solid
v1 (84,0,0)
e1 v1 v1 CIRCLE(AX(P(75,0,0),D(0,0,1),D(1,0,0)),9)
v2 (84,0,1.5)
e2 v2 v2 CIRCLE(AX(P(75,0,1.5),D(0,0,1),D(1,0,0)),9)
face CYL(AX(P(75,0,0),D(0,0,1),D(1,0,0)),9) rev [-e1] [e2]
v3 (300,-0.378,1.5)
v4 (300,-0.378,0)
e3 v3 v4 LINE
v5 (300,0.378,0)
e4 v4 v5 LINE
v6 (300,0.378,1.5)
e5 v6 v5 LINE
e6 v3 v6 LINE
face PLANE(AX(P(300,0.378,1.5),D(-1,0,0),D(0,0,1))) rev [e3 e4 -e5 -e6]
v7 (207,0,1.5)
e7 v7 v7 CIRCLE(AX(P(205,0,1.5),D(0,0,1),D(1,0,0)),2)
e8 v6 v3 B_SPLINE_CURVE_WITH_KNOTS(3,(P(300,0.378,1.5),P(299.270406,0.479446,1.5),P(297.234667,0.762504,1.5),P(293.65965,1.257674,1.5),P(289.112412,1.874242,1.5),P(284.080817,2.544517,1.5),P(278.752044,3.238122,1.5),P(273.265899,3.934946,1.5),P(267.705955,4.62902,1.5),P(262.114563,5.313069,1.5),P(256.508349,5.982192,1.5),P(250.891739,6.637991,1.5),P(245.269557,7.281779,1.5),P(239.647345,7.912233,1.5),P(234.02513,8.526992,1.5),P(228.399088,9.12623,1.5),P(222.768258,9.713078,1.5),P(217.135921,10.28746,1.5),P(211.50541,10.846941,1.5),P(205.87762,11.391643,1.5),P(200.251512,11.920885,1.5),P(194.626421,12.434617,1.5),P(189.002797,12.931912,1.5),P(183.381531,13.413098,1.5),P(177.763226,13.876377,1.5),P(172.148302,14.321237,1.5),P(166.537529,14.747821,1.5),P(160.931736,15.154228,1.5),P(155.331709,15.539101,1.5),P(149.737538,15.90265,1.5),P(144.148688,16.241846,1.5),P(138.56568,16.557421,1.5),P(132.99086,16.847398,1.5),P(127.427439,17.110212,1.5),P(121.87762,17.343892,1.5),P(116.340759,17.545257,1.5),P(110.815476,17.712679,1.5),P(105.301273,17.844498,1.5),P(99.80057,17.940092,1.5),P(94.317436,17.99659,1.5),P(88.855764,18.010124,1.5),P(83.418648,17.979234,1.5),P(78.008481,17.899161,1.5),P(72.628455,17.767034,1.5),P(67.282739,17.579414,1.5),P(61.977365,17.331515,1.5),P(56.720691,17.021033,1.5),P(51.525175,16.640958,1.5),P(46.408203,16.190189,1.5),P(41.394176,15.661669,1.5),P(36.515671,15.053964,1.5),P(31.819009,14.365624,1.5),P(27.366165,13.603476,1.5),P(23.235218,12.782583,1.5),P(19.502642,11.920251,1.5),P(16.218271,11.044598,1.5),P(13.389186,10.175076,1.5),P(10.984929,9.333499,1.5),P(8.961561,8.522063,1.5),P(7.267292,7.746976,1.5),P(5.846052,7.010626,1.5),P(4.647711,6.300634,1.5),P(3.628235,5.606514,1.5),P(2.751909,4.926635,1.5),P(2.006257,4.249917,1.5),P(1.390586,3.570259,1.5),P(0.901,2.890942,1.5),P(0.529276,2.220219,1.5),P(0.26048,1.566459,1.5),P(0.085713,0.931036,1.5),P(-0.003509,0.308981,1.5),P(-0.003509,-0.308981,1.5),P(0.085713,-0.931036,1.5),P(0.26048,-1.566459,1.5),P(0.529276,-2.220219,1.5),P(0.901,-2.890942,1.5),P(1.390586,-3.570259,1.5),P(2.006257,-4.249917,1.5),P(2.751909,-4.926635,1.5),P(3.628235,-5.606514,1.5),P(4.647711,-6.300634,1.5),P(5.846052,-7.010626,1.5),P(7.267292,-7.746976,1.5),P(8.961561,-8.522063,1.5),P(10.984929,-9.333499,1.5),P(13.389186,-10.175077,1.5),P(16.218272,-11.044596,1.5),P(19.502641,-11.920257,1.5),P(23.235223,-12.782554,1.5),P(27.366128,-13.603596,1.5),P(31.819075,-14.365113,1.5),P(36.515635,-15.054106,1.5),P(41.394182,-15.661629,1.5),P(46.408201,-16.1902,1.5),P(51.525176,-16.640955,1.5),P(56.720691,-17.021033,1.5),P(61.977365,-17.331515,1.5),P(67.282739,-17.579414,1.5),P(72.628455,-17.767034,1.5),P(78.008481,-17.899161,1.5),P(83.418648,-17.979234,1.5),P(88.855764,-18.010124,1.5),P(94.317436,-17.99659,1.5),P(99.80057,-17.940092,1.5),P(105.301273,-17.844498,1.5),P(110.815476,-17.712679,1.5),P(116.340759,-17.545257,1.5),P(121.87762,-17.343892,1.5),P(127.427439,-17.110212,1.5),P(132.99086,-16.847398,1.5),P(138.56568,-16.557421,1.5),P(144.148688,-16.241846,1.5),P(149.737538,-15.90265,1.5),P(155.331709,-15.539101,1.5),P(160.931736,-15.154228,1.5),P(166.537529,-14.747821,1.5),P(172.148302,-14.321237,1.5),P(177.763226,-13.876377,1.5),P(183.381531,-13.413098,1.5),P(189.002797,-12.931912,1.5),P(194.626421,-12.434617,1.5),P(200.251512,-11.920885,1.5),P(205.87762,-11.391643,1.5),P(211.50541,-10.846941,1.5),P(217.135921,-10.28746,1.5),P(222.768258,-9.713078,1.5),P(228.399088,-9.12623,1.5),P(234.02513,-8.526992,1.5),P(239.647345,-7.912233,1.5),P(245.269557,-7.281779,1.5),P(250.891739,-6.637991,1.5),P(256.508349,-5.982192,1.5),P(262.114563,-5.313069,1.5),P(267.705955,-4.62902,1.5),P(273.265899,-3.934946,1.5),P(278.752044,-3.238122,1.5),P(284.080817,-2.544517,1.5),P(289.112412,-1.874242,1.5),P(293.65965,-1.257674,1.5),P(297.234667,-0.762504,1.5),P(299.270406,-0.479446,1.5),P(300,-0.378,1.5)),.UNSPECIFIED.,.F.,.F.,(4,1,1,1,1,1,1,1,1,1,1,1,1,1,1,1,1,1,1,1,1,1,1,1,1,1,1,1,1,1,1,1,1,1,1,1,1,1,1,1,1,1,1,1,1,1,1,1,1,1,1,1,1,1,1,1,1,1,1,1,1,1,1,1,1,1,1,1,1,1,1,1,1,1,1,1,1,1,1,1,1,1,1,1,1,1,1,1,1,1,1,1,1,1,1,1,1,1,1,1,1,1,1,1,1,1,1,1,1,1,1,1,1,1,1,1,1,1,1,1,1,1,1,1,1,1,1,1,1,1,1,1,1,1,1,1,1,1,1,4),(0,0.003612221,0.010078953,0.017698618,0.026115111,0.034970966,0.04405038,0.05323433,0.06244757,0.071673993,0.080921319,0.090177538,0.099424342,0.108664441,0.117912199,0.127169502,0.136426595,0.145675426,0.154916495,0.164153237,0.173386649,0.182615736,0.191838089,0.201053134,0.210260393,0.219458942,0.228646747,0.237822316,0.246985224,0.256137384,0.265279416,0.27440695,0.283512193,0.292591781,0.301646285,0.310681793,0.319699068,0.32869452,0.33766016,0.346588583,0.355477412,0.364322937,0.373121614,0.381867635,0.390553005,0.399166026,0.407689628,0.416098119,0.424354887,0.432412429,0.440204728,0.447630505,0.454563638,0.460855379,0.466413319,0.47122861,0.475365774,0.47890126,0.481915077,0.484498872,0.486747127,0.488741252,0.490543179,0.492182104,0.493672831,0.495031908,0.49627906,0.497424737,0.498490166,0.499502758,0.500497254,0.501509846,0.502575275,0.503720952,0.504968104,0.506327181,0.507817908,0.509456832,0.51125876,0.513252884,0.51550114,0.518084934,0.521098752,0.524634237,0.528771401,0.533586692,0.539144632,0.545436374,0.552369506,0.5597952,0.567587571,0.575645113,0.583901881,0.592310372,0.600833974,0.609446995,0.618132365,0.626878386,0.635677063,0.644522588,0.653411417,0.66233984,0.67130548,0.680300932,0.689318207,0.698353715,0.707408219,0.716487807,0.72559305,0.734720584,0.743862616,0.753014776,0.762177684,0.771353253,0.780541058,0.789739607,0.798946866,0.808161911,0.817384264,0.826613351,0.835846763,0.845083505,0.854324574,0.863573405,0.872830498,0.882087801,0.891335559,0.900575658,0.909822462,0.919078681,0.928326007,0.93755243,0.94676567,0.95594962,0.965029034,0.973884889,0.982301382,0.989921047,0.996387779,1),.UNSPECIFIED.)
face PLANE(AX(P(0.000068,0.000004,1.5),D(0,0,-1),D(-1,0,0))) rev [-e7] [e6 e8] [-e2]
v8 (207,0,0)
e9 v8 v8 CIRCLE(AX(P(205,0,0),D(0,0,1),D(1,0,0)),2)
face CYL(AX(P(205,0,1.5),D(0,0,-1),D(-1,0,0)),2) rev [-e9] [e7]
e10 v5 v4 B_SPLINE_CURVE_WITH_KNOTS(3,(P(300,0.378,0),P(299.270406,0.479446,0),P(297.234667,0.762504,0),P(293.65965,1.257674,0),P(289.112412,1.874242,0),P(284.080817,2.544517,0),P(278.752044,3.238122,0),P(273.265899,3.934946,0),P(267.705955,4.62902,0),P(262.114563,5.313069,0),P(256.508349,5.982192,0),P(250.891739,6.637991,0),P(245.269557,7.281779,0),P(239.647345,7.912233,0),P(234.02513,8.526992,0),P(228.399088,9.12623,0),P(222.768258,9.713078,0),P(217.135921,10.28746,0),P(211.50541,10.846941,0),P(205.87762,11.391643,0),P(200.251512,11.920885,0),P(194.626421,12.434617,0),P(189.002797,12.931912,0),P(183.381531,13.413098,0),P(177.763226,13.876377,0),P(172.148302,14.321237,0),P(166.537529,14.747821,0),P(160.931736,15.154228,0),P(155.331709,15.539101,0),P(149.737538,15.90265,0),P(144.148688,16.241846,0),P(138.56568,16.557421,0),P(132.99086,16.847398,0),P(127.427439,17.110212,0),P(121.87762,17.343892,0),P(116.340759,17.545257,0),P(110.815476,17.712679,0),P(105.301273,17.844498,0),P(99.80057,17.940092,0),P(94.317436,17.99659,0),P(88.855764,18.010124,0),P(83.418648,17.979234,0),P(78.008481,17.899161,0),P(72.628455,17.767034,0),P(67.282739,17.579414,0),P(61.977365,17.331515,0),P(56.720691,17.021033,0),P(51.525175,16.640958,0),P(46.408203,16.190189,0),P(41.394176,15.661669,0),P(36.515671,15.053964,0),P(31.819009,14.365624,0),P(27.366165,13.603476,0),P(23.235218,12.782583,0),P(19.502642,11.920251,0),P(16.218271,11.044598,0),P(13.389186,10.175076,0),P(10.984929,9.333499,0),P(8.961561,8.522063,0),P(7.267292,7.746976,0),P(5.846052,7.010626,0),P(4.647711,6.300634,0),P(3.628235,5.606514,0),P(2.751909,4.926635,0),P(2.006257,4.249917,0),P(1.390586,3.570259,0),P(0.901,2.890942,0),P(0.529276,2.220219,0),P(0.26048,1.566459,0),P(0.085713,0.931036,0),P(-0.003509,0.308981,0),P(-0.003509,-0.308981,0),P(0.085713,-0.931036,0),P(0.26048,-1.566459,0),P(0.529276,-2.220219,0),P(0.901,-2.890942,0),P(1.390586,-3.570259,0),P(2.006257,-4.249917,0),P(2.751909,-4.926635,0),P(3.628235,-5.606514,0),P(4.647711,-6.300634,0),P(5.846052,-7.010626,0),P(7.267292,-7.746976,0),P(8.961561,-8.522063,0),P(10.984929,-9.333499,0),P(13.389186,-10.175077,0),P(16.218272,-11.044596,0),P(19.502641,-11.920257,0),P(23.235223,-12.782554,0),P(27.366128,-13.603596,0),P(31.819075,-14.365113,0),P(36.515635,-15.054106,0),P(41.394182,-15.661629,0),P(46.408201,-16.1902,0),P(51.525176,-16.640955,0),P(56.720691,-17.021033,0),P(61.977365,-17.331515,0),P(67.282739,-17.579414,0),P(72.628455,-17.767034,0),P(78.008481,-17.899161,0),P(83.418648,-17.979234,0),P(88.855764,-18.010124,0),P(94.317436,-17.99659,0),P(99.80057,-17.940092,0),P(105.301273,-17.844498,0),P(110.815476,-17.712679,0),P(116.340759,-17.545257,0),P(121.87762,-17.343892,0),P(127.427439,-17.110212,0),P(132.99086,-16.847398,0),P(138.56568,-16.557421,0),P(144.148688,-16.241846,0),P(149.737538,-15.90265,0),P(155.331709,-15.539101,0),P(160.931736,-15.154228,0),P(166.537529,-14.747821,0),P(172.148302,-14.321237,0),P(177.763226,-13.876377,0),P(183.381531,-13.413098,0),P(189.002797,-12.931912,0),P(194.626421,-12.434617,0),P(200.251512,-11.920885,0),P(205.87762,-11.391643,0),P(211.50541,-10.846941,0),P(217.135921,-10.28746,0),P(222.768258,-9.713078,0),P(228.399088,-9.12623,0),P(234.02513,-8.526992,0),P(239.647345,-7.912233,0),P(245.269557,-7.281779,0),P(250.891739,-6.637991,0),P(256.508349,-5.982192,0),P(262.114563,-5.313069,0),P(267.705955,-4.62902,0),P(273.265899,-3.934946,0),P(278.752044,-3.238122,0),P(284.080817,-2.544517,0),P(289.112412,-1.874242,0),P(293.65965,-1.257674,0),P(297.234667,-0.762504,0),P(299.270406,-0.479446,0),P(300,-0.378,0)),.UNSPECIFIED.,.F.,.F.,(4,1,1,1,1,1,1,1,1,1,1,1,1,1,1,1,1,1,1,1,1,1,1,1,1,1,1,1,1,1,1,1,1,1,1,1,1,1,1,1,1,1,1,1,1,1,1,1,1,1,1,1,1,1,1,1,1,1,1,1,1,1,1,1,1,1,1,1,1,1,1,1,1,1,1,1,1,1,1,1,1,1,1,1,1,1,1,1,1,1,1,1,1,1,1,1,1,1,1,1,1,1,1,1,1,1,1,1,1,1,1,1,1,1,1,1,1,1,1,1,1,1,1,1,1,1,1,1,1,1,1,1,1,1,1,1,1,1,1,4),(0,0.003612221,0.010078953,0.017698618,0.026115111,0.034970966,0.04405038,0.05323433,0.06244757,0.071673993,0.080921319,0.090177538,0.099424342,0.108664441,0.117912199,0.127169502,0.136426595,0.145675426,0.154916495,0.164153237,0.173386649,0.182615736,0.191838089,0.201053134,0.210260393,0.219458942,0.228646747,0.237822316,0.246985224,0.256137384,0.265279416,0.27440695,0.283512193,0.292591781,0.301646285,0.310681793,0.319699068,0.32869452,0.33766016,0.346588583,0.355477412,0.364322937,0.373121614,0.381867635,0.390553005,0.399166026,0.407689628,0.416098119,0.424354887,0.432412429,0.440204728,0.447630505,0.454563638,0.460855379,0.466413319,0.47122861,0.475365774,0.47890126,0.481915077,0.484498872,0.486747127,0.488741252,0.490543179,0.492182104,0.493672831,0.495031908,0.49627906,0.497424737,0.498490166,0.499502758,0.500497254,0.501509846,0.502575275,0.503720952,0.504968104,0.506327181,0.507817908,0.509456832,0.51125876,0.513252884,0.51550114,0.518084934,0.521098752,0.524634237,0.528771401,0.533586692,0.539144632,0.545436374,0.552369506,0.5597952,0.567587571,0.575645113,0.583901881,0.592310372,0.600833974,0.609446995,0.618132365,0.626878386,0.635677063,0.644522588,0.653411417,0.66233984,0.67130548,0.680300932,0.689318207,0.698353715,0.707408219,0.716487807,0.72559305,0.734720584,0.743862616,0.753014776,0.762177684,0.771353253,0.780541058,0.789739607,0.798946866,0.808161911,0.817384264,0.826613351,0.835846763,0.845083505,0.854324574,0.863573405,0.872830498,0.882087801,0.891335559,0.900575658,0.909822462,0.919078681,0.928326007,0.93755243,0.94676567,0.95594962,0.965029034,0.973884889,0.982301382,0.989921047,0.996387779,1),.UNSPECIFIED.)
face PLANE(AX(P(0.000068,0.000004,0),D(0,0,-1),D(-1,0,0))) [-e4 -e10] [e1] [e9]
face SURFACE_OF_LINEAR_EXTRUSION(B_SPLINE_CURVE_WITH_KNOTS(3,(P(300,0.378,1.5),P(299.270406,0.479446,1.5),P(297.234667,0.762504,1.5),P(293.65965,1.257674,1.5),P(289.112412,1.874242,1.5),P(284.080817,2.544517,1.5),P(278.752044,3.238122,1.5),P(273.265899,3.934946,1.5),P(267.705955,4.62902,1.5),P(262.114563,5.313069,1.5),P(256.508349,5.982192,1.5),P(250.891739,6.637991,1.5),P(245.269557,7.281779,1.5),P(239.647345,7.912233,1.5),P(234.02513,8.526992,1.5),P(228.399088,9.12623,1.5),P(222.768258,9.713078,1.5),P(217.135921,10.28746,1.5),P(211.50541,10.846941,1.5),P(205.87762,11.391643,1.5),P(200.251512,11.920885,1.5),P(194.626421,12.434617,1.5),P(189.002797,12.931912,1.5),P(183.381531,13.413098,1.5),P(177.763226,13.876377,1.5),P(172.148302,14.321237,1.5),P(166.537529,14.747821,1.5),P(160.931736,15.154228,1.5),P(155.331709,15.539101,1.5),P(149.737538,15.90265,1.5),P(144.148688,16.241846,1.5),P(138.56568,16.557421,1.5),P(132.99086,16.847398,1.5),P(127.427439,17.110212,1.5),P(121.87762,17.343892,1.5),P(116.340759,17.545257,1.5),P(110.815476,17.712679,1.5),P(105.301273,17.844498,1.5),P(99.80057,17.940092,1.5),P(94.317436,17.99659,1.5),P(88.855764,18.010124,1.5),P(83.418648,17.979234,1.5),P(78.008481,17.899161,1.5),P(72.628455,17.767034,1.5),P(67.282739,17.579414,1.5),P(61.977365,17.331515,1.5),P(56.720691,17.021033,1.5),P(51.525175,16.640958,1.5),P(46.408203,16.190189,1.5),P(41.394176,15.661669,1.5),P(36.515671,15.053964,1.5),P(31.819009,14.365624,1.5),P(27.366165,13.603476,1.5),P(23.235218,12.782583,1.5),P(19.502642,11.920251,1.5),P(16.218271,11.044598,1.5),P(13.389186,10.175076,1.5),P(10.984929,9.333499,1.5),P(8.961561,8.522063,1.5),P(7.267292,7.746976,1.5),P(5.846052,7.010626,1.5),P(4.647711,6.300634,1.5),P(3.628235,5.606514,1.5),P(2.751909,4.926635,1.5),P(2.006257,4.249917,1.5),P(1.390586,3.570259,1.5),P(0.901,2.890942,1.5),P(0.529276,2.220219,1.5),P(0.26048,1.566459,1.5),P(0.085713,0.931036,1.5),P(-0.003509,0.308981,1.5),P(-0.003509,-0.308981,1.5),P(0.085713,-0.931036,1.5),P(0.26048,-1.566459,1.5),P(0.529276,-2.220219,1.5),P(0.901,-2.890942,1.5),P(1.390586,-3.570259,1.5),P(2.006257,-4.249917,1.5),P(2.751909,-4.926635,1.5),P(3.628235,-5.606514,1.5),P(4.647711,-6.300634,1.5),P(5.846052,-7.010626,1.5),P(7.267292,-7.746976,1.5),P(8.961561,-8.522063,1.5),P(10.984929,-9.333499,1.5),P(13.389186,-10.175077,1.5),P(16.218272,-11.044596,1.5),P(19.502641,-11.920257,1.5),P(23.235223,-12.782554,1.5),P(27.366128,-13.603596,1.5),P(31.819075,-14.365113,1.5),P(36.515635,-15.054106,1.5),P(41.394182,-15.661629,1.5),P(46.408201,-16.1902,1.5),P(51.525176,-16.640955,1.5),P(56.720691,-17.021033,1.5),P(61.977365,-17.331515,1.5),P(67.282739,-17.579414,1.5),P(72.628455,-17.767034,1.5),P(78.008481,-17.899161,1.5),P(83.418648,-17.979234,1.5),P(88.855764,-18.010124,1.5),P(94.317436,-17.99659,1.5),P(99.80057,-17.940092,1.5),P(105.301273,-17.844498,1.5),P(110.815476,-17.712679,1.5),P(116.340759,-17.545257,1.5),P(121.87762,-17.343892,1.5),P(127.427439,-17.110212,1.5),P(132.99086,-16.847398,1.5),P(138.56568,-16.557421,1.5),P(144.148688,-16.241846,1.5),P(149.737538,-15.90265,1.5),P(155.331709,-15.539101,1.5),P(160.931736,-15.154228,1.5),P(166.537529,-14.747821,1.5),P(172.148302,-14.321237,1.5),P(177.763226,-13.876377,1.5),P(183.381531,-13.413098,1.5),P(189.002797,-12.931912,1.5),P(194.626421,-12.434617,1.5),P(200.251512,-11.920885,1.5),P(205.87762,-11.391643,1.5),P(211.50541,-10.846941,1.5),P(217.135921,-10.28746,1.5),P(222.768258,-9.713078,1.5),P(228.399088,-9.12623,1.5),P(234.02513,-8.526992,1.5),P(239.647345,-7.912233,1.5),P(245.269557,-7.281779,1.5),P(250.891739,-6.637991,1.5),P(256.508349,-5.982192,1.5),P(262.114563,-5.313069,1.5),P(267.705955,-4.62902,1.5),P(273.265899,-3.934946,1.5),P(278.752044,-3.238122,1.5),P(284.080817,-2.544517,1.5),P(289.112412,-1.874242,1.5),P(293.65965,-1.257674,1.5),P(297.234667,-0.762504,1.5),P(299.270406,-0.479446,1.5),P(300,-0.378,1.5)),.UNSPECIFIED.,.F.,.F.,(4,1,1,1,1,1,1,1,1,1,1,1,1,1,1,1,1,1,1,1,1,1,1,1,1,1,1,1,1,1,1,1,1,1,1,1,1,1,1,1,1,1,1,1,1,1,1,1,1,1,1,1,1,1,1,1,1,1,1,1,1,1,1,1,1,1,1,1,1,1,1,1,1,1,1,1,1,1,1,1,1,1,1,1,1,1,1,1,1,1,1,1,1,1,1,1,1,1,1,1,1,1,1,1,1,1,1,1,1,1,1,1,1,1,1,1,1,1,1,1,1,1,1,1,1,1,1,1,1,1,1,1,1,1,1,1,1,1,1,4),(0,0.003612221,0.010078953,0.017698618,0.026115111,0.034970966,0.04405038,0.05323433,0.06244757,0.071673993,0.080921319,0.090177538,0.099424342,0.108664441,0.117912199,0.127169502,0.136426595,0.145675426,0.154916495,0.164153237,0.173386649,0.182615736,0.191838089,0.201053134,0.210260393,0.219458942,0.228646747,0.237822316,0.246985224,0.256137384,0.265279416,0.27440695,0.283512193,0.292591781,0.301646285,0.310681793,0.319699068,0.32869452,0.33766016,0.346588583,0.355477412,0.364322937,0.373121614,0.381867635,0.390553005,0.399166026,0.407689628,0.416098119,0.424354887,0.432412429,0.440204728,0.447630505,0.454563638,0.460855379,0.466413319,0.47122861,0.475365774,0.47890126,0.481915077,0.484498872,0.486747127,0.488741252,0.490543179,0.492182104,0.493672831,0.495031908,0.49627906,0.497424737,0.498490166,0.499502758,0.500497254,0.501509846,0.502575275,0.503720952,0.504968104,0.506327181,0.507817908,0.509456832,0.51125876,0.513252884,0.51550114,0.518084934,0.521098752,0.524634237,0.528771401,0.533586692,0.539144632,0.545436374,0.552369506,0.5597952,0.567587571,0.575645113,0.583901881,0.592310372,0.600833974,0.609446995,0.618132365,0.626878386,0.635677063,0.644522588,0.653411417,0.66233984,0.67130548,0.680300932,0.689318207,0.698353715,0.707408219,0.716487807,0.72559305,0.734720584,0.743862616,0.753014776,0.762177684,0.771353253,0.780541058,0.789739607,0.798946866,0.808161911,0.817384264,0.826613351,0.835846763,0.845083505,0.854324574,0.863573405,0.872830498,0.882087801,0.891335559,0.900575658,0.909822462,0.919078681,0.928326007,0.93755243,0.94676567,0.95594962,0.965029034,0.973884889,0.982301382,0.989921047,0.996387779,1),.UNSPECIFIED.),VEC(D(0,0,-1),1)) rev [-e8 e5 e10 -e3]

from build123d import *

# Parameters (mm, degrees)
BOSS_EXTRUDE1_DEPTH = 1.5
SKETCH7_R           = 9
CUT_EXTRUDE7_DEPTH  = 301.543472003
SKETCH13_R          = 2
CUT_EXTRUDE11_DEPTH = 301.543472003


with BuildPart() as part:
    # Sketch5 → Boss-Extrude1 (new body)
    with BuildSketch(Plane.XY):
        with BuildLine():
            Line((300, 0.378), (300, -0.378))
            add(Edge.make_bspline(
                [(300, 0.378), (299.270406424, 0.479445822), (297.234667094, 0.762503754), (293.659650161, 1.257673506), (289.112411795, 1.874242443), (284.080816659, 2.54451744), (278.752044218, 3.238122316), (273.265899022, 3.934946436), (267.705955472, 4.629019943), (262.11456302, 5.313069107), (256.508348909, 5.982191812), (250.891738994, 6.637990809), (245.269556965, 7.281779235), (239.647345349, 7.912232764), (234.025130107, 8.526992046), (228.399087903, 9.126229764), (222.768257645, 9.713077606), (217.135920793, 10.28745981), (211.505410154, 10.846941084), (205.877619803, 11.391642827), (200.251512374, 11.920884624), (194.626420536, 12.434617078), (189.002797137, 12.931911809), (183.381530938, 13.413097581), (177.763225616, 13.876376701), (172.148301533, 14.321237194), (166.537529462, 14.747820918), (160.931736194, 15.154228144), (155.33170885, 15.539100856), (149.737538345, 15.902649564), (144.148688279, 16.241846119), (138.565679604, 16.557420546), (132.990859803, 16.847397555), (127.42743944, 17.110211679), (121.877619637, 17.343891718), (116.340758577, 17.545256813), (110.815476382, 17.71267912), (105.301273398, 17.844497938), (99.800570116, 17.940091813), (94.317435844, 17.996590439), (88.855764067, 18.010124458), (83.418647975, 17.97923384), (78.008480827, 17.899160713), (72.628455365, 17.767033787), (67.282738746, 17.579413934), (61.977364895, 17.331515489), (56.720691016, 17.021032651), (51.525175322, 16.64095807), (46.408202619, 16.190188591), (41.394176065, 15.661669099), (36.515671087, 15.053963784), (31.819009441, 14.365623605), (27.366164829, 13.603475684), (23.235217954, 12.782583444), (19.502642451, 11.920250751), (16.218271393, 11.044597796), (13.389186016, 10.175076255), (10.984929333, 9.333498715), (8.961561478, 8.522062882), (7.267292053, 7.746976002), (5.846052466, 7.010625622), (4.647711085, 6.300634033), (3.628235251, 5.606513668), (2.751909197, 4.926635252), (2.00625736, 4.249917259), (1.390586137, 3.570259492), (0.901000435, 2.890942252), (0.529275535, 2.220219273), (0.260479537, 1.566458936), (0.085712654, 0.931035928), (-0.003509247, 0.308981015), (-0.003509247, -0.308981015), (0.085712654, -0.931035928), (0.260479537, -1.566458936), (0.529275535, -2.220219273), (0.901000435, -2.890942252), (1.390586137, -3.570259492), (2.00625736, -4.249917259), (2.751909197, -4.926635252), (3.628235251, -5.606513668), (4.647711085, -6.300634033), (5.846052466, -7.010625622), (7.267292053, -7.746975999), (8.961561475, -8.522062895), (10.984929344, -9.333498651), (13.389185965, -10.175076559), (16.21827163, -11.044596377), (19.502641361, -11.92025728), (23.235222799, -12.782554413), (27.366127559, -13.603596161), (31.819075008, -14.365113363), (36.515634637, -15.054106097), (41.394182204, -15.661628887), (46.408200924, -16.190199694), (51.525175786, -16.640955027), (56.720690889, -17.02103348), (61.977364929, -17.331515263), (67.282738736, -17.579413995), (72.628455367, -17.767033771), (78.008480826, -17.899160717), (83.418647975, -17.979233839), (88.855764067, -18.010124458), (94.317435844, -17.996590438), (99.800570116, -17.940091813), (105.301273398, -17.844497938), (110.815476382, -17.71267912), (116.340758577, -17.545256813), (121.877619637, -17.343891718), (127.42743944, -17.110211679), (132.990859803, -16.847397555), (138.565679604, -16.557420546), (144.148688279, -16.241846119), (149.737538345, -15.902649564), (155.33170885, -15.539100856), (160.931736194, -15.154228144), (166.537529462, -14.747820918), (172.148301533, -14.321237194), (177.763225616, -13.876376701), (183.381530938, -13.413097581), (189.002797137, -12.931911809), (194.626420536, -12.434617078), (200.251512374, -11.920884624), (205.877619803, -11.391642827), (211.505410154, -10.846941084), (217.135920793, -10.28745981), (222.768257645, -9.713077606), (228.399087903, -9.126229764), (234.025130107, -8.526992046), (239.647345349, -7.912232764), (245.269556965, -7.281779235), (250.891738994, -6.637990809), (256.508348909, -5.982191812), (262.11456302, -5.313069107), (267.705955472, -4.629019943), (273.265899022, -3.934946436), (278.752044218, -3.238122316), (284.080816659, -2.54451744), (289.112411795, -1.874242443), (293.659650161, -1.257673506), (297.234667094, -0.762503754), (299.270406424, -0.479445822), (300, -0.378)],
                knots=[0, 0, 0, 0, 0.003612221, 0.010078953, 0.017698618, 0.026115111, 0.034970966, 0.04405038, 0.05323433, 0.06244757, 0.071673993, 0.080921319, 0.090177538, 0.099424342, 0.108664441, 0.117912199, 0.127169502, 0.136426595, 0.145675426, 0.154916495, 0.164153237, 0.173386649, 0.182615736, 0.191838089, 0.201053134, 0.210260393, 0.219458942, 0.228646747, 0.237822316, 0.246985224, 0.256137384, 0.265279416, 0.27440695, 0.283512193, 0.292591781, 0.301646285, 0.310681793, 0.319699068, 0.32869452, 0.33766016, 0.346588583, 0.355477412, 0.364322937, 0.373121614, 0.381867635, 0.390553005, 0.399166026, 0.407689628, 0.416098119, 0.424354887, 0.432412429, 0.440204728, 0.447630505, 0.454563638, 0.460855379, 0.466413319, 0.47122861, 0.475365774, 0.47890126, 0.481915077, 0.484498872, 0.486747127, 0.488741252, 0.490543179, 0.492182104, 0.493672831, 0.495031908, 0.49627906, 0.497424737, 0.498490166, 0.499502758, 0.500497254, 0.501509846, 0.502575275, 0.503720952, 0.504968104, 0.506327181, 0.507817908, 0.509456832, 0.51125876, 0.513252884, 0.51550114, 0.518084934, 0.521098752, 0.524634237, 0.528771401, 0.533586692, 0.539144632, 0.545436374, 0.552369506, 0.5597952, 0.567587571, 0.575645113, 0.583901881, 0.592310372, 0.600833974, 0.609446995, 0.618132365, 0.626878386, 0.635677063, 0.644522588, 0.653411417, 0.66233984, 0.67130548, 0.680300932, 0.689318207, 0.698353715, 0.707408219, 0.716487807, 0.72559305, 0.734720584, 0.743862616, 0.753014776, 0.762177684, 0.771353253, 0.780541058, 0.789739607, 0.798946866, 0.808161911, 0.817384264, 0.826613351, 0.835846763, 0.845083505, 0.854324574, 0.863573405, 0.872830498, 0.882087801, 0.891335559, 0.900575658, 0.909822462, 0.919078681, 0.928326007, 0.93755243, 0.94676567, 0.95594962, 0.965029034, 0.973884889, 0.982301382, 0.989921047, 0.996387779, 1, 1, 1, 1], degree=3))
        make_face()
    extrude(amount=BOSS_EXTRUDE1_DEPTH)

    # Sketch7 → Cut-Extrude7 (cut, through all)
    with BuildSketch(Plane.XY.offset(1.5)):
        with Locations((75, 0)):
            Circle(SKETCH7_R)
    extrude(amount=-CUT_EXTRUDE7_DEPTH, mode=Mode.SUBTRACT)

    # Sketch13 → Cut-Extrude11 (cut, through all)
    with BuildSketch(Plane.XY):
        with Locations((205, 0)):
            Circle(SKETCH13_R)
    extrude(amount=CUT_EXTRUDE11_DEPTH, mode=Mode.SUBTRACT)


solid = part.part
